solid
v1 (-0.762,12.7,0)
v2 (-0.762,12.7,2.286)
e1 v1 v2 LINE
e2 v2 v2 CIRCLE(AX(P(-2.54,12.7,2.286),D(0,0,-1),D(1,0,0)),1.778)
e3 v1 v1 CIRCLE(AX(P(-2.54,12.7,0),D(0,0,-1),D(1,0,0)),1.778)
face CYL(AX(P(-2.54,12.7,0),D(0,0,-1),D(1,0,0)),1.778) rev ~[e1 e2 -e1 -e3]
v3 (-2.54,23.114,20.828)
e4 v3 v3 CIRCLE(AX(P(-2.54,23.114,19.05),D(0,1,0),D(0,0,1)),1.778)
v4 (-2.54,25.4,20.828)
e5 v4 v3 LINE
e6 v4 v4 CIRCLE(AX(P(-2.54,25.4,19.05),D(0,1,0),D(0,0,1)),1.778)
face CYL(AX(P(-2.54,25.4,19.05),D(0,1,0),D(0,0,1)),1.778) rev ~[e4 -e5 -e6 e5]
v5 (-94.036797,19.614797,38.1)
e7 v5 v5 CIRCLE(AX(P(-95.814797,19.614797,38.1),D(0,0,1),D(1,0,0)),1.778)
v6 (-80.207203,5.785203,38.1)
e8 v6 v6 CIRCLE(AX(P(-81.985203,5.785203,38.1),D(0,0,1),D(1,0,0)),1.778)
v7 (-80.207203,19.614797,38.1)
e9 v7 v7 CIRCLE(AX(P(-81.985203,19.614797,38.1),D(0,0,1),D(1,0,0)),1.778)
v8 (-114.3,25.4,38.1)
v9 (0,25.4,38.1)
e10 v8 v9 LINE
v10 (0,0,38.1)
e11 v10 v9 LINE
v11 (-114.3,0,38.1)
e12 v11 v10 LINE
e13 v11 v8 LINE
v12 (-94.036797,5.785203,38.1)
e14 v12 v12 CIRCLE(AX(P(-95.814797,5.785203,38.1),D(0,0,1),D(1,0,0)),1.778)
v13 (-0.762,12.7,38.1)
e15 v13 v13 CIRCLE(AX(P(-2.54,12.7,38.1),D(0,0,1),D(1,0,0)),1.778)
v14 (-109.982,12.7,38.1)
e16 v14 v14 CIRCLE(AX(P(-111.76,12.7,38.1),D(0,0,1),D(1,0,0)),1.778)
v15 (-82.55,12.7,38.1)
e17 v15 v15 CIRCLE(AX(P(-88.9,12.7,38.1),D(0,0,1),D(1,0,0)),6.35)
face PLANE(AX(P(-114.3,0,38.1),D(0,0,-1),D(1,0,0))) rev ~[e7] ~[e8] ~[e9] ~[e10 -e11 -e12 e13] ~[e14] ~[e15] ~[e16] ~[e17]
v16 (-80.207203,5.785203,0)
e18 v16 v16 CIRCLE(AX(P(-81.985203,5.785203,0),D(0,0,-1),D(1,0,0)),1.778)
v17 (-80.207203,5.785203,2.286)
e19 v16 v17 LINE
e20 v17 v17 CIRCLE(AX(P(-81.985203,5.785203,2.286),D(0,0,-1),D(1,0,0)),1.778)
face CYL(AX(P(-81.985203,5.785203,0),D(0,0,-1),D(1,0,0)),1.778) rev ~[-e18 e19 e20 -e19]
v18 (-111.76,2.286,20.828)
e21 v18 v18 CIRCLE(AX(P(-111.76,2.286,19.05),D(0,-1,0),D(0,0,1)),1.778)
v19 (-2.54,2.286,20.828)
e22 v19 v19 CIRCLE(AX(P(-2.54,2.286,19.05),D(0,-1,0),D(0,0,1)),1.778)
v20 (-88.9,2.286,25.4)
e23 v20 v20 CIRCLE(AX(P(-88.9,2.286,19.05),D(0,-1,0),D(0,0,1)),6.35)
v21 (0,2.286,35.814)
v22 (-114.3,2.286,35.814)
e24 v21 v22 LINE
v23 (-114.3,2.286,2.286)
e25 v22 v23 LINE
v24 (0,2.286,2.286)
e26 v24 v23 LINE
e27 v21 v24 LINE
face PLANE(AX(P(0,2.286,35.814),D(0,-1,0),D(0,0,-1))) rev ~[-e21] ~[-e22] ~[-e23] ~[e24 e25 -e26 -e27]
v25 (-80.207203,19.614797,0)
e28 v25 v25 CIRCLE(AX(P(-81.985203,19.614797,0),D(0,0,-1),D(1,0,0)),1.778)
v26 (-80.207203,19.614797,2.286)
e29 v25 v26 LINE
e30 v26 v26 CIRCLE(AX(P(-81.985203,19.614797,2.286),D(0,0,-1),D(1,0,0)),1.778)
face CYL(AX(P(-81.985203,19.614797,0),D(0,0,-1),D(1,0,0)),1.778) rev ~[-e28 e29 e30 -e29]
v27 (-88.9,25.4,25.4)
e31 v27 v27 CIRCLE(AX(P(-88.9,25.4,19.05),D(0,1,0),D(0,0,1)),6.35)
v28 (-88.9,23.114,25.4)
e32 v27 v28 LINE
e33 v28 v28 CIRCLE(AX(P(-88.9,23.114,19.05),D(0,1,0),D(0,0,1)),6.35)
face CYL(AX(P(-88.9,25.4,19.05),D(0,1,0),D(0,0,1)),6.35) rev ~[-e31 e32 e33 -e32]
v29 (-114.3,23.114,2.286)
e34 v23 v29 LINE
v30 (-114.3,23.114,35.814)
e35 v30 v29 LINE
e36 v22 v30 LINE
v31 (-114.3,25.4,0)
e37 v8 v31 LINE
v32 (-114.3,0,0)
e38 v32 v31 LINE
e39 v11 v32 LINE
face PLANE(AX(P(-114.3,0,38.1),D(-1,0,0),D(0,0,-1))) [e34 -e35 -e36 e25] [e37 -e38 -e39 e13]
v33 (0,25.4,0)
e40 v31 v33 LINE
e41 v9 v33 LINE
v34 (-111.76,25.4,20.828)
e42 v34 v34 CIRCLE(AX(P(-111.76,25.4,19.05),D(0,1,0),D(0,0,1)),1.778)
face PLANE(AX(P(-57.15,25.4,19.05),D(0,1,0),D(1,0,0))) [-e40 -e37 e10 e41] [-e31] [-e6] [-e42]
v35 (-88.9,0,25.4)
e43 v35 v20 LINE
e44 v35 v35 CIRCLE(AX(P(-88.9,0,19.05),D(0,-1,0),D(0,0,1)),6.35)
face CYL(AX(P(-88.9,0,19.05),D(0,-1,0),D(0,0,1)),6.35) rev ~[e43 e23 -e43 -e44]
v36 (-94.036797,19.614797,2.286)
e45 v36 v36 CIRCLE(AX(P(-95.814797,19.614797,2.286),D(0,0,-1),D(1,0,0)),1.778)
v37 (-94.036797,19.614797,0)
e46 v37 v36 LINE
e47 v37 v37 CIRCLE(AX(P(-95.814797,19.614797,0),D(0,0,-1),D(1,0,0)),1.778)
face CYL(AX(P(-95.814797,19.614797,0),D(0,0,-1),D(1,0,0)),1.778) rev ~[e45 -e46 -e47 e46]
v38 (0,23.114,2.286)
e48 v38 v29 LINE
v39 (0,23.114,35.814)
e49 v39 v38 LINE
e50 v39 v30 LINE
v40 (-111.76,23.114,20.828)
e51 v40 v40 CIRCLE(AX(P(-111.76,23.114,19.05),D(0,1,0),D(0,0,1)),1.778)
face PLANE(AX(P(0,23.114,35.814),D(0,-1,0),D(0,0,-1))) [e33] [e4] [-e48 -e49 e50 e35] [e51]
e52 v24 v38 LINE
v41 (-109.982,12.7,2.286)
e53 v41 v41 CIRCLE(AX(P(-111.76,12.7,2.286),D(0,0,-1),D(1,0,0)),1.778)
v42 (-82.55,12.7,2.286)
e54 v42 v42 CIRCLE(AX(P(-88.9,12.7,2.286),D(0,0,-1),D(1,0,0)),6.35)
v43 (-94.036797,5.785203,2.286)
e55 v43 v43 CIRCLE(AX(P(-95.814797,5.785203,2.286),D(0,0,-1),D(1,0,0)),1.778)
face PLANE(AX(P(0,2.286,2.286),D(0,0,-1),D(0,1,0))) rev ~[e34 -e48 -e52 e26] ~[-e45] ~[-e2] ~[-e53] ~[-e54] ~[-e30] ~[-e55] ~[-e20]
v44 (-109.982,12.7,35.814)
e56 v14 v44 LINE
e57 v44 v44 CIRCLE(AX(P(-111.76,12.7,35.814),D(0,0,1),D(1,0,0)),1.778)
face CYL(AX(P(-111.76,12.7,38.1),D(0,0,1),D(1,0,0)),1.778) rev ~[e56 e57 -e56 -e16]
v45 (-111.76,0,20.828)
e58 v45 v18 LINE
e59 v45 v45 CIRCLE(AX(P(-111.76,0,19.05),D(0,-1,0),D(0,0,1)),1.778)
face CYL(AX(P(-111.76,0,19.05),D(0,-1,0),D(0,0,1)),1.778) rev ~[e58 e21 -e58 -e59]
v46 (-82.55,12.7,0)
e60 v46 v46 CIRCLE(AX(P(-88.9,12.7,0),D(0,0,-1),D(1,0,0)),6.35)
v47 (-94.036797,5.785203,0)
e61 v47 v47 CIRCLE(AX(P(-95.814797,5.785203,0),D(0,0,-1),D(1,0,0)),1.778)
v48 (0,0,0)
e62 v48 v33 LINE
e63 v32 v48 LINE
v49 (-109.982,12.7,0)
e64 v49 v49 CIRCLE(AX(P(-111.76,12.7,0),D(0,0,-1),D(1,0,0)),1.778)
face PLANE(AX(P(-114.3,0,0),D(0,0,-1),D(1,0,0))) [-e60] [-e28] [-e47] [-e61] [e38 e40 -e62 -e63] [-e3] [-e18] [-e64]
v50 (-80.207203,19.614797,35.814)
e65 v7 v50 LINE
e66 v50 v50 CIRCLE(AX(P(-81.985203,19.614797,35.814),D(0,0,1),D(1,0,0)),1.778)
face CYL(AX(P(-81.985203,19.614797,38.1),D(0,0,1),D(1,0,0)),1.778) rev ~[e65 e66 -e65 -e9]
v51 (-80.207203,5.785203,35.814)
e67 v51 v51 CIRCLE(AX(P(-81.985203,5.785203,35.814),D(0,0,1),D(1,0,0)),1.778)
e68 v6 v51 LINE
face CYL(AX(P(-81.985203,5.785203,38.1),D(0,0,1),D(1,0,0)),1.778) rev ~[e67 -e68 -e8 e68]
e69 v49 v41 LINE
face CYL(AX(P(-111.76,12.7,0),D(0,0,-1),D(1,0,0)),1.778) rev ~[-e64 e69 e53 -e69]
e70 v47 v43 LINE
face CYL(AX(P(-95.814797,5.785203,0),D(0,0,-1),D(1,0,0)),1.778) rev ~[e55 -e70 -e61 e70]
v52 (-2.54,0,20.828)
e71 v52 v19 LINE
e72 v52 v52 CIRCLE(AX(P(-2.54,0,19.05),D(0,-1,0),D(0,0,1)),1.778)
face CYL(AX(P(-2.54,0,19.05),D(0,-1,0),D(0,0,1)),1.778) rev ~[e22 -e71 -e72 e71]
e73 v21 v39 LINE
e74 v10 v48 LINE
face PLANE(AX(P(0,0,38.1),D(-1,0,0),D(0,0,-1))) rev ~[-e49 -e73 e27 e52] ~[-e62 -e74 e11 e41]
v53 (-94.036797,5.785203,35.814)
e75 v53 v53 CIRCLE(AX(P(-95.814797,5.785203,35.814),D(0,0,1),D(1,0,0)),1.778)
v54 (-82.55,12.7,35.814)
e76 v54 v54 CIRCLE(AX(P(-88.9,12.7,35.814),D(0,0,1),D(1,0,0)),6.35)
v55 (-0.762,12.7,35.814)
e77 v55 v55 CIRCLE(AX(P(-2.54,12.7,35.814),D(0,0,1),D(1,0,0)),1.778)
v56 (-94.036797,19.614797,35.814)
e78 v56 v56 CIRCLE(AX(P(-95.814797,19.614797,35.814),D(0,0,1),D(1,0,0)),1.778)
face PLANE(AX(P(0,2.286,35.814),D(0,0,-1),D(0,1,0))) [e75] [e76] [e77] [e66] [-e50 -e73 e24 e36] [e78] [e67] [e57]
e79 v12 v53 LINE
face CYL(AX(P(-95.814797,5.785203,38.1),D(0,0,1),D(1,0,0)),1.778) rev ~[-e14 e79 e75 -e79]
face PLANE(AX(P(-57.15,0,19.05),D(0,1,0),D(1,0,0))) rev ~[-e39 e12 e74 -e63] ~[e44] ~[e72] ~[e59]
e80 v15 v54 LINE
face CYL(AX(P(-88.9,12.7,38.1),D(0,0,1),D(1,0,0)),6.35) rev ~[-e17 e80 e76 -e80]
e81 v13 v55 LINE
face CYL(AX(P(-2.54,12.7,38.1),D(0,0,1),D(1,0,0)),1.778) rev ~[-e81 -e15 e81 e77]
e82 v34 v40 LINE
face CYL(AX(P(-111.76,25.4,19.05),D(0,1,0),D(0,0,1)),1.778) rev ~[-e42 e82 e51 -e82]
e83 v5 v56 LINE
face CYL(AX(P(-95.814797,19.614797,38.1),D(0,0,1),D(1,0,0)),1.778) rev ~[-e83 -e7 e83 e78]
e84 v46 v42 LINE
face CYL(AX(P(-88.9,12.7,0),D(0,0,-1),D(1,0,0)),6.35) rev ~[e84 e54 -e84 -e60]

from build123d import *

# Parameters (mm, degrees)
SKETCH1_W           = 114.3
SKETCH1_H           = 38.1
BOSS_EXTRUDE1_DEPTH = 25.4
CUT_EXTRUDE1_REACH  = 125.131
SKETCH2_W           = 33.528
SKETCH2_H           = 20.828
CUT_EXTRUDE2_REACH  = 125.131
SKETCH3_R           = 1.778
CUT_EXTRUDE3_REACH  = 125.131
SKETCH4_R           = 1.778
CUT_EXTRUDE4_REACH  = 125.131
SKETCH5_R           = 1.778
SKETCH5_R_2         = 6.35
CUT_EXTRUDE5_REACH  = 125.131
SKETCH6_R           = 1.778
SKETCH6_R_2         = 6.35
CUT_EXTRUDE6_REACH  = 125.131
SKETCH7_R           = 1.778
SKETCH7_R_2         = 6.35
CUT_EXTRUDE7_REACH  = 125.131
SKETCH8_R           = 1.778
SKETCH8_R_2         = 6.35
CUT_EXTRUDE8_REACH  = 125.131
SKETCH9_R           = 1.778
CUT_EXTRUDE9_REACH  = 125.131
SKETCH10_R          = 1.778


with BuildPart() as part:
    # Sketch1 → Boss-Extrude1 (new body)
    with BuildSketch(Plane(origin=(0, 0, 0), x_dir=(1, 0, 0), z_dir=(0, 1, 0))):
        with Locations((-57.15, -19.05)):
            Rectangle(SKETCH1_W, SKETCH1_H)
    extrude(amount=BOSS_EXTRUDE1_DEPTH)

    # Sketch2 → Cut-Extrude1 (cut, up to next)
    with BuildSketch(Plane(origin=(0, 0, 0), x_dir=(0, 0, -1), z_dir=(1, 0, 0)), mode=Mode.PRIVATE) as cut_extrude1_sk1:
        with Locations((-19.05, 12.7)):
            Rectangle(SKETCH2_W, SKETCH2_H)
    cut_extrude1_tool1 = extrude(cut_extrude1_sk1.sketch, amount=-CUT_EXTRUDE1_REACH, mode=Mode.PRIVATE) & part.part
    add(cut_extrude1_tool1.solids().sort_by_distance((0, 12.7, 19.05))[0], mode=Mode.SUBTRACT)

    # Sketch3 → Cut-Extrude2 (cut, up to next)
    with BuildSketch(Plane.XY.offset(38.1), mode=Mode.PRIVATE) as cut_extrude2_sk1:
        with Locations((-2.54, 12.7)):
            Circle(SKETCH3_R)
    cut_extrude2_tool1 = extrude(cut_extrude2_sk1.sketch, amount=-CUT_EXTRUDE2_REACH, mode=Mode.PRIVATE) & part.part
    add(cut_extrude2_tool1.solids().sort_by_distance((-2.54, 12.7, 38.1))[0], mode=Mode.SUBTRACT)

    # Sketch4 → Cut-Extrude3 (cut, up to next)
    with BuildSketch(Plane(origin=(0, 0, 0), x_dir=(-1, 0, 0), z_dir=(0, 0, -1)), mode=Mode.PRIVATE) as cut_extrude3_sk1:
        with Locations(Location((2.54, 12.7, 0), (0, 0, 180))):
            Circle(SKETCH4_R)
    cut_extrude3_tool1 = extrude(cut_extrude3_sk1.sketch, amount=-CUT_EXTRUDE3_REACH, mode=Mode.PRIVATE) & part.part
    add(cut_extrude3_tool1.solids().sort_by_distance((-2.54, 12.7, 0))[0], mode=Mode.SUBTRACT)

    # Sketch5 → Cut-Extrude4 (cut, up to next)
    with BuildSketch(Plane.XY.offset(38.1), mode=Mode.PRIVATE) as cut_extrude4_sk1:
        with Locations((-111.76, 12.7)):
            Circle(SKETCH5_R)
    cut_extrude4_tool1 = extrude(cut_extrude4_sk1.sketch, amount=-CUT_EXTRUDE4_REACH, mode=Mode.PRIVATE) & part.part
    # Sketch5 → Cut-Extrude4 (cut, up to next)
    with BuildSketch(Plane.XY.offset(38.1), mode=Mode.PRIVATE) as cut_extrude4_sk2:
        with Locations((-88.9, 12.7)):
            Circle(SKETCH5_R_2)
    cut_extrude4_tool2 = extrude(cut_extrude4_sk2.sketch, amount=-CUT_EXTRUDE4_REACH, mode=Mode.PRIVATE) & part.part
    # Sketch5 → Cut-Extrude4 (cut, up to next)
    with BuildSketch(Plane.XY.offset(38.1), mode=Mode.PRIVATE) as cut_extrude4_sk3:
        with Locations((-95.814797213, 19.614797213)):
            Circle(SKETCH5_R)
    cut_extrude4_tool3 = extrude(cut_extrude4_sk3.sketch, amount=-CUT_EXTRUDE4_REACH, mode=Mode.PRIVATE) & part.part
    # Sketch5 → Cut-Extrude4 (cut, up to next)
    with BuildSketch(Plane.XY.offset(38.1), mode=Mode.PRIVATE) as cut_extrude4_sk4:
        with Locations((-81.985202787, 19.614797213)):
            Circle(SKETCH5_R)
    cut_extrude4_tool4 = extrude(cut_extrude4_sk4.sketch, amount=-CUT_EXTRUDE4_REACH, mode=Mode.PRIVATE) & part.part
    # Sketch5 → Cut-Extrude4 (cut, up to next)
    with BuildSketch(Plane.XY.offset(38.1), mode=Mode.PRIVATE) as cut_extrude4_sk5:
        with Locations((-95.814797213, 5.785202787)):
            Circle(SKETCH5_R)
    cut_extrude4_tool5 = extrude(cut_extrude4_sk5.sketch, amount=-CUT_EXTRUDE4_REACH, mode=Mode.PRIVATE) & part.part
    # Sketch5 → Cut-Extrude4 (cut, up to next)
    with BuildSketch(Plane.XY.offset(38.1), mode=Mode.PRIVATE) as cut_extrude4_sk6:
        with Locations((-81.985202787, 5.785202787)):
            Circle(SKETCH5_R)
    cut_extrude4_tool6 = extrude(cut_extrude4_sk6.sketch, amount=-CUT_EXTRUDE4_REACH, mode=Mode.PRIVATE) & part.part
    add(cut_extrude4_tool1.solids().sort_by_distance((-111.76, 12.7, 38.1))[0], mode=Mode.SUBTRACT)
    add(cut_extrude4_tool2.solids().sort_by_distance((-88.9, 12.7, 38.1))[0], mode=Mode.SUBTRACT)
    add(cut_extrude4_tool3.solids().sort_by_distance((-95.814797, 19.614797, 38.1))[0], mode=Mode.SUBTRACT)
    add(cut_extrude4_tool4.solids().sort_by_distance((-81.985203, 19.614797, 38.1))[0], mode=Mode.SUBTRACT)
    add(cut_extrude4_tool5.solids().sort_by_distance((-95.814797, 5.785203, 38.1))[0], mode=Mode.SUBTRACT)
    add(cut_extrude4_tool6.solids().sort_by_distance((-81.985203, 5.785203, 38.1))[0], mode=Mode.SUBTRACT)

    # Sketch6 → Cut-Extrude5 (cut, up to next)
    with BuildSketch(Plane(origin=(0, 0, 0), x_dir=(-1, 0, 0), z_dir=(0, 0, -1)), mode=Mode.PRIVATE) as cut_extrude5_sk1:
        with Locations(Location((111.76, 12.7, 0), (0, 0, 180))):
            Circle(SKETCH6_R)
    cut_extrude5_tool1 = extrude(cut_extrude5_sk1.sketch, amount=-CUT_EXTRUDE5_REACH, mode=Mode.PRIVATE) & part.part
    # Sketch6 → Cut-Extrude5 (cut, up to next)
    with BuildSketch(Plane(origin=(0, 0, 0), x_dir=(-1, 0, 0), z_dir=(0, 0, -1)), mode=Mode.PRIVATE) as cut_extrude5_sk2:
        with Locations(Location((88.9, 12.7, 0), (0, 0, 180))):
            Circle(SKETCH6_R_2)
    cut_extrude5_tool2 = extrude(cut_extrude5_sk2.sketch, amount=-CUT_EXTRUDE5_REACH, mode=Mode.PRIVATE) & part.part
    # Sketch6 → Cut-Extrude5 (cut, up to next)
    with BuildSketch(Plane(origin=(0, 0, 0), x_dir=(-1, 0, 0), z_dir=(0, 0, -1)), mode=Mode.PRIVATE) as cut_extrude5_sk3:
        with Locations(Location((81.985202787, 19.614797213, 0), (0, 0, 180))):
            Circle(SKETCH6_R)
    cut_extrude5_tool3 = extrude(cut_extrude5_sk3.sketch, amount=-CUT_EXTRUDE5_REACH, mode=Mode.PRIVATE) & part.part
    # Sketch6 → Cut-Extrude5 (cut, up to next)
    with BuildSketch(Plane(origin=(0, 0, 0), x_dir=(-1, 0, 0), z_dir=(0, 0, -1)), mode=Mode.PRIVATE) as cut_extrude5_sk4:
        with Locations(Location((95.814797213, 19.614797213, 0), (0, 0, 180))):
            Circle(SKETCH6_R)
    cut_extrude5_tool4 = extrude(cut_extrude5_sk4.sketch, amount=-CUT_EXTRUDE5_REACH, mode=Mode.PRIVATE) & part.part
    # Sketch6 → Cut-Extrude5 (cut, up to next)
    with BuildSketch(Plane(origin=(0, 0, 0), x_dir=(-1, 0, 0), z_dir=(0, 0, -1)), mode=Mode.PRIVATE) as cut_extrude5_sk5:
        with Locations(Location((95.814797213, 5.785202787, 0), (0, 0, 180))):
            Circle(SKETCH6_R)
    cut_extrude5_tool5 = extrude(cut_extrude5_sk5.sketch, amount=-CUT_EXTRUDE5_REACH, mode=Mode.PRIVATE) & part.part
    # Sketch6 → Cut-Extrude5 (cut, up to next)
    with BuildSketch(Plane(origin=(0, 0, 0), x_dir=(-1, 0, 0), z_dir=(0, 0, -1)), mode=Mode.PRIVATE) as cut_extrude5_sk6:
        with Locations(Location((81.985202787, 5.785202787, 0), (0, 0, 180))):
            Circle(SKETCH6_R)
    cut_extrude5_tool6 = extrude(cut_extrude5_sk6.sketch, amount=-CUT_EXTRUDE5_REACH, mode=Mode.PRIVATE) & part.part
    add(cut_extrude5_tool1.solids().sort_by_distance((-111.76, 12.7, 0))[0], mode=Mode.SUBTRACT)
    add(cut_extrude5_tool2.solids().sort_by_distance((-88.9, 12.7, 0))[0], mode=Mode.SUBTRACT)
    add(cut_extrude5_tool3.solids().sort_by_distance((-81.985203, 19.614797, 0))[0], mode=Mode.SUBTRACT)
    add(cut_extrude5_tool4.solids().sort_by_distance((-95.814797, 19.614797, 0))[0], mode=Mode.SUBTRACT)
    add(cut_extrude5_tool5.solids().sort_by_distance((-95.814797, 5.785203, 0))[0], mode=Mode.SUBTRACT)
    add(cut_extrude5_tool6.solids().sort_by_distance((-81.985203, 5.785203, 0))[0], mode=Mode.SUBTRACT)

    # Sketch7 → Cut-Extrude6 (cut, up to next)
    with BuildSketch(Plane(origin=(0, 25.4, 0), x_dir=(1, 0, 0), z_dir=(0, 1, 0)), mode=Mode.PRIVATE) as cut_extrude6_sk1:
        with Locations(Location((-111.76, -19.05, 0), (0, 0, 270))):
            Circle(SKETCH7_R)
    cut_extrude6_tool1 = extrude(cut_extrude6_sk1.sketch, amount=-CUT_EXTRUDE6_REACH, mode=Mode.PRIVATE) & part.part
    # Sketch7 → Cut-Extrude6 (cut, up to next)
    with BuildSketch(Plane(origin=(0, 25.4, 0), x_dir=(1, 0, 0), z_dir=(0, 1, 0)), mode=Mode.PRIVATE) as cut_extrude6_sk2:
        with Locations(Location((-88.9, -19.05, 0), (0, 0, 270))):
            Circle(SKETCH7_R_2)
    cut_extrude6_tool2 = extrude(cut_extrude6_sk2.sketch, amount=-CUT_EXTRUDE6_REACH, mode=Mode.PRIVATE) & part.part
    add(cut_extrude6_tool1.solids().sort_by_distance((-111.76, 25.4, 19.05))[0], mode=Mode.SUBTRACT)
    add(cut_extrude6_tool2.solids().sort_by_distance((-88.9, 25.4, 19.05))[0], mode=Mode.SUBTRACT)

    # Sketch8 → Cut-Extrude7 (cut, up to next)
    with BuildSketch(Plane.XZ, mode=Mode.PRIVATE) as cut_extrude7_sk1:
        with Locations(Location((-111.76, 19.05, 0), (0, 0, 90))):
            Circle(SKETCH8_R)
    cut_extrude7_tool1 = extrude(cut_extrude7_sk1.sketch, amount=-CUT_EXTRUDE7_REACH, mode=Mode.PRIVATE) & part.part
    # Sketch8 → Cut-Extrude7 (cut, up to next)
    with BuildSketch(Plane.XZ, mode=Mode.PRIVATE) as cut_extrude7_sk2:
        with Locations(Location((-88.9, 19.05, 0), (0, 0, 90))):
            Circle(SKETCH8_R_2)
    cut_extrude7_tool2 = extrude(cut_extrude7_sk2.sketch, amount=-CUT_EXTRUDE7_REACH, mode=Mode.PRIVATE) & part.part
    add(cut_extrude7_tool1.solids().sort_by_distance((-111.76, 0, 19.05))[0], mode=Mode.SUBTRACT)
    add(cut_extrude7_tool2.solids().sort_by_distance((-88.9, 0, 19.05))[0], mode=Mode.SUBTRACT)

    # Sketch9 → Cut-Extrude8 (cut, up to next)
    with BuildSketch(Plane(origin=(0, 25.4, 0), x_dir=(1, 0, 0), z_dir=(0, 1, 0)), mode=Mode.PRIVATE) as cut_extrude8_sk1:
        with Locations(Location((-2.54, -19.05, 0), (0, 0, 270))):
            Circle(SKETCH9_R)
    cut_extrude8_tool1 = extrude(cut_extrude8_sk1.sketch, amount=-CUT_EXTRUDE8_REACH, mode=Mode.PRIVATE) & part.part
    add(cut_extrude8_tool1.solids().sort_by_distance((-2.54, 25.4, 19.05))[0], mode=Mode.SUBTRACT)

    # Sketch10 → Cut-Extrude9 (cut, up to next)
    with BuildSketch(Plane(origin=(0, 0, 0), x_dir=(-1, 0, 0), z_dir=(0, -1, 0)), mode=Mode.PRIVATE) as cut_extrude9_sk1:
        with Locations(Location((2.54, -19.05, 0), (0, 0, 270))):
            Circle(SKETCH10_R)
    cut_extrude9_tool1 = extrude(cut_extrude9_sk1.sketch, amount=-CUT_EXTRUDE9_REACH, mode=Mode.PRIVATE) & part.part
    add(cut_extrude9_tool1.solids().sort_by_distance((-2.54, 0, 19.05))[0], mode=Mode.SUBTRACT)


solid = part.part
